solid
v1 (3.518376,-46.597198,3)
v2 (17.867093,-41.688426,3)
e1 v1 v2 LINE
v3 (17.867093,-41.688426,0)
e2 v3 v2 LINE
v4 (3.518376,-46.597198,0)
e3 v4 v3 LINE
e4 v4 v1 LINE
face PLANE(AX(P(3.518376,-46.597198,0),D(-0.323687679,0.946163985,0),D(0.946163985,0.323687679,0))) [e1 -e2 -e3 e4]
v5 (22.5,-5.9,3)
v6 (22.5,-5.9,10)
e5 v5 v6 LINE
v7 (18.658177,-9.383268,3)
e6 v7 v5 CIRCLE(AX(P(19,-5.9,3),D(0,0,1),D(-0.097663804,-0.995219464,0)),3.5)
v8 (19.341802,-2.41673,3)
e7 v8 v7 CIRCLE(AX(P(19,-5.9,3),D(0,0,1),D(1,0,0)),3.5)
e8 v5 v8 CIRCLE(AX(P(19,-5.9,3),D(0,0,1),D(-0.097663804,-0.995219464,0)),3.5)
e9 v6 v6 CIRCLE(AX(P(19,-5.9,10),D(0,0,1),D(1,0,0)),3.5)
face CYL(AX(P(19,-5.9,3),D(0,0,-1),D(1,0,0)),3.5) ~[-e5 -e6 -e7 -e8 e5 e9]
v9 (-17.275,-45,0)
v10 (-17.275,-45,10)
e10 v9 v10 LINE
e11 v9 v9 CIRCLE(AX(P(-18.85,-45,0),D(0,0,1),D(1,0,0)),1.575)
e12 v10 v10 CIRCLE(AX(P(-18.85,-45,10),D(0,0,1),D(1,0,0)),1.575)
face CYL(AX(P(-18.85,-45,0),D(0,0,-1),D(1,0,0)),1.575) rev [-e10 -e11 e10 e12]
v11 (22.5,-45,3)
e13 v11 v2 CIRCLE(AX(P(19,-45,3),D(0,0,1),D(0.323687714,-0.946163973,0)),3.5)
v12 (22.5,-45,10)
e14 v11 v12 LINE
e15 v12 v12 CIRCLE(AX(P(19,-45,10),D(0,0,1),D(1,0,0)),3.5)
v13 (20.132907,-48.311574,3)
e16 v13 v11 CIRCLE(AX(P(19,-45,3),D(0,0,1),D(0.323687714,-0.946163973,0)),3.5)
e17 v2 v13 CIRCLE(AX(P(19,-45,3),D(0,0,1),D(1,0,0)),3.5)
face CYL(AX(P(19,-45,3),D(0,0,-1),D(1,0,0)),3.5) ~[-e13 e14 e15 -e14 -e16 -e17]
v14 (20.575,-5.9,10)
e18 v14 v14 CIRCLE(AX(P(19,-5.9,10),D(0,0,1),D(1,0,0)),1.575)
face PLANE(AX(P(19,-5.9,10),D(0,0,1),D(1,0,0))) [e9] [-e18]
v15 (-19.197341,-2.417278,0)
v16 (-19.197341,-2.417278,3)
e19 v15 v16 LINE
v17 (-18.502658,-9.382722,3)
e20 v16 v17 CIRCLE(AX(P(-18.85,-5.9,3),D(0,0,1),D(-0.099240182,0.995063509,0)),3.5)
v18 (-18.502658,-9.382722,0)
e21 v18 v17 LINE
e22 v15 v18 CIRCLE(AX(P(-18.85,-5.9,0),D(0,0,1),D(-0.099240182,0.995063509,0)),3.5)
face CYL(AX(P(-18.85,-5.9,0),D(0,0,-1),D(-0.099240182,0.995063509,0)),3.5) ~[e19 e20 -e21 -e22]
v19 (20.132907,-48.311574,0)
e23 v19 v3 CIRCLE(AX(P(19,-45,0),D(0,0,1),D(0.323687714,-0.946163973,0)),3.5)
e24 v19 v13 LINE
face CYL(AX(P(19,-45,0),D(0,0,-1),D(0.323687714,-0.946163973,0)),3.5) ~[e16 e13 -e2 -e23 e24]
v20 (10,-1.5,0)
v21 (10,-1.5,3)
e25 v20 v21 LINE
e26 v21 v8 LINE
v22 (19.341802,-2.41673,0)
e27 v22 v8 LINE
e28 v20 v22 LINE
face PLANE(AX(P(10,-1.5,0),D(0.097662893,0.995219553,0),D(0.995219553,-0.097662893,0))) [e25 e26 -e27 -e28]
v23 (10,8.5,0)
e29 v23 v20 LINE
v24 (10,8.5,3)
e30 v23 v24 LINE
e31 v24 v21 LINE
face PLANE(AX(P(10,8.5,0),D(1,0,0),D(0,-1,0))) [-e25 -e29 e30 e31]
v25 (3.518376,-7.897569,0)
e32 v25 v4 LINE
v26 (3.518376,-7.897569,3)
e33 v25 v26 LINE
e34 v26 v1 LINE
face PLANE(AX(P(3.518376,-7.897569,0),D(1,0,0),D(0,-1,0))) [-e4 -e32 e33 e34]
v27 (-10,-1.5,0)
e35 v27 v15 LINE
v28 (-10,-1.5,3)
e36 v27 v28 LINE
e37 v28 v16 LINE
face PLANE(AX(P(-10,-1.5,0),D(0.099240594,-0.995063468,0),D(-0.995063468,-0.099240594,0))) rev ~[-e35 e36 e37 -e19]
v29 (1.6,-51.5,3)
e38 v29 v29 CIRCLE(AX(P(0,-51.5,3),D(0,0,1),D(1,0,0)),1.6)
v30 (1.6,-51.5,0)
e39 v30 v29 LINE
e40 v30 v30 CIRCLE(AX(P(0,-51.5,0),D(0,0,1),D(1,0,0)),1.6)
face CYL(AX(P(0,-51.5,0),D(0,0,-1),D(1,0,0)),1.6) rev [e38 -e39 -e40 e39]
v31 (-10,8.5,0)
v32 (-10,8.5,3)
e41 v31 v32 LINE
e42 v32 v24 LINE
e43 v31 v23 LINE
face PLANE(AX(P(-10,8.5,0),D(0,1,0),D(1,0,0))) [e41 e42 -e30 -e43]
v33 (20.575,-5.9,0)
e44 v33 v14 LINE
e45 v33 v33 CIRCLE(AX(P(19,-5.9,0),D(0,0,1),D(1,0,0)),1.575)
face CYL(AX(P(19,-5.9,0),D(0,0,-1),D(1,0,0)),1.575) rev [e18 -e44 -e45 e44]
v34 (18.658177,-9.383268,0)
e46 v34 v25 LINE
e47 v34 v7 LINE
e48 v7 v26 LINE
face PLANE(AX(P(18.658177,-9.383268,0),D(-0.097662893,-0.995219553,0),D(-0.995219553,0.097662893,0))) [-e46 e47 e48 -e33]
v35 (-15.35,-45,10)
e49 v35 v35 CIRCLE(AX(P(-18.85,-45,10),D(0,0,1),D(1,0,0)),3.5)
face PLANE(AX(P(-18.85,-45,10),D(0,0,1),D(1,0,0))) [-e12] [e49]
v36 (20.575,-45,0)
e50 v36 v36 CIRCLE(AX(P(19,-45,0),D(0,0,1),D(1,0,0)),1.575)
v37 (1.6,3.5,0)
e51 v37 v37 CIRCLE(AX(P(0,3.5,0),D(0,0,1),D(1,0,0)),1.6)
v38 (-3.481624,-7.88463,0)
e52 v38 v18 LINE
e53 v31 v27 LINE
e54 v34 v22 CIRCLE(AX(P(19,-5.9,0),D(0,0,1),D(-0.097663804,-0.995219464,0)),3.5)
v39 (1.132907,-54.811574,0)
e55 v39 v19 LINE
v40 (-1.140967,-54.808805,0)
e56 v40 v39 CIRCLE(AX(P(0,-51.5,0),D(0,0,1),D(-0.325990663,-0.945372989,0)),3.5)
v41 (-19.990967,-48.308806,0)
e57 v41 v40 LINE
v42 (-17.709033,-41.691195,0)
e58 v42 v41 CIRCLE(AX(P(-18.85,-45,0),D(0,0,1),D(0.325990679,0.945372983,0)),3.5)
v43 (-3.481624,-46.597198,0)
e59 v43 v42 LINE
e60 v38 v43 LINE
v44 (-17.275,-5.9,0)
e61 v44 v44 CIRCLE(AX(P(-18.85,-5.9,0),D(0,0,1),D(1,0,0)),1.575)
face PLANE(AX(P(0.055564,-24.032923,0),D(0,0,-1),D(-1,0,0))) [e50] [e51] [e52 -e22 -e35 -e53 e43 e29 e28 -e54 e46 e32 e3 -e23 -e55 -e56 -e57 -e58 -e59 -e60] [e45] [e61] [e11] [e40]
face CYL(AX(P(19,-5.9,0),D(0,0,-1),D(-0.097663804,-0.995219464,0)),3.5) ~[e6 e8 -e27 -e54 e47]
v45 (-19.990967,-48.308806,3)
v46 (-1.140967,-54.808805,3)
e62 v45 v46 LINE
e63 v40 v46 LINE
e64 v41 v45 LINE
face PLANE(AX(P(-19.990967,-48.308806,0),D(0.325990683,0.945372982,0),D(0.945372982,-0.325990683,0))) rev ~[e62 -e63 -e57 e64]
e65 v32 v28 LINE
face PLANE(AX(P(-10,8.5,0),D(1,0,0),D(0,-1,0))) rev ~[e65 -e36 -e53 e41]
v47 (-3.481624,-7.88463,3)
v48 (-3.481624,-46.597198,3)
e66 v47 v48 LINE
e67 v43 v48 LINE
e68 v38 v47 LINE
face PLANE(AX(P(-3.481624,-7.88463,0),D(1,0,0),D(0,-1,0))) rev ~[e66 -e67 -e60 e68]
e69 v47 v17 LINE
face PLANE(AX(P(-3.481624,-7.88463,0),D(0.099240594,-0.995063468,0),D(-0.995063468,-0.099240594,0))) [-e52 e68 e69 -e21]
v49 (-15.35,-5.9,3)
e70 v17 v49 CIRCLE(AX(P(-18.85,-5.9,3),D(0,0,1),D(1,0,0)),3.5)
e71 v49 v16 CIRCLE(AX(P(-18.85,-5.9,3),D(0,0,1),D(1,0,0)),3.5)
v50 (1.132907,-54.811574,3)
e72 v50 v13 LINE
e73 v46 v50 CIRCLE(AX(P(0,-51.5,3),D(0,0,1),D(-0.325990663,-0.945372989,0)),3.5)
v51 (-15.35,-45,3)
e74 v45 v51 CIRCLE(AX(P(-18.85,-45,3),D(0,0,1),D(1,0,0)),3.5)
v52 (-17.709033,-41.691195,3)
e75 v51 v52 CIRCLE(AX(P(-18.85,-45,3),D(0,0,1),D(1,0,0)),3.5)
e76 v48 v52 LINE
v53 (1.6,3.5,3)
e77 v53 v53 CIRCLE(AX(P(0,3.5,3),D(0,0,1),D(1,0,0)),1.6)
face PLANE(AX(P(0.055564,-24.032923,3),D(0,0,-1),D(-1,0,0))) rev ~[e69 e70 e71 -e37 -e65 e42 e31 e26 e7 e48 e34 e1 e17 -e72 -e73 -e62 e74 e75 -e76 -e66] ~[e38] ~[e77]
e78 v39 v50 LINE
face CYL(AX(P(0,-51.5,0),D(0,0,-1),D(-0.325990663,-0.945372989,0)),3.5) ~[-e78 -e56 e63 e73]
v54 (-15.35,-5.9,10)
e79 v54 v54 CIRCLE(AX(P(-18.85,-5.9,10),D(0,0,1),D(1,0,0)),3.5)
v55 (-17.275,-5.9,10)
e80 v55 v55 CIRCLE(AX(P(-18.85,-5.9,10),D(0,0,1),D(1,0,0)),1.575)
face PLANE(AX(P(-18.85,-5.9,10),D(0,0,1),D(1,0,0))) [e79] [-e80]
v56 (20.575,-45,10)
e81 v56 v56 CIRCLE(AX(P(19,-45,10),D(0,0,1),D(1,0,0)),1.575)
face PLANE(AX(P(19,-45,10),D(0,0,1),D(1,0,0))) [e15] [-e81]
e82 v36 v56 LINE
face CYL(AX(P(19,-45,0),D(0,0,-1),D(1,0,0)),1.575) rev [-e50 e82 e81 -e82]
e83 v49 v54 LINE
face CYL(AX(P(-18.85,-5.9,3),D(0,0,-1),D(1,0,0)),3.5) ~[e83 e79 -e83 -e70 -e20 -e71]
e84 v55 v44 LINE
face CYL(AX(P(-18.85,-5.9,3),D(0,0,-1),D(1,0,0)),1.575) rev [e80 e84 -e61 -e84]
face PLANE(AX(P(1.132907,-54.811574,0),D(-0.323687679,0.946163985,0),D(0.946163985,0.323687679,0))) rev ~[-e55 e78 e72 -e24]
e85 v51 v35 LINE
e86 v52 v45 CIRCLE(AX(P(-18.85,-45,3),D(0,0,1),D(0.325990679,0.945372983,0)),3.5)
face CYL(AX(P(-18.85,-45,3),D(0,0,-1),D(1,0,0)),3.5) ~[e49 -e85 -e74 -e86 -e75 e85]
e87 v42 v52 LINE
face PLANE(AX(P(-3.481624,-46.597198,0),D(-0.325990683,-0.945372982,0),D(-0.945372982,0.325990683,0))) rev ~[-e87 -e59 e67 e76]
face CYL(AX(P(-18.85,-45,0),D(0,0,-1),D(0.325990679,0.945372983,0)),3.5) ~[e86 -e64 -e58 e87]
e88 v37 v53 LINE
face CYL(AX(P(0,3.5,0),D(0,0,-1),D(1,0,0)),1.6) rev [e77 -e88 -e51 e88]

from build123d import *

# Parameters (mm, degrees)
SKETCH_R      = 1.575
SKETCH_R_2    = 1.6
PAD_DEPTH     = 3
SKETCH001_R   = 3.5
SKETCH001_R_2 = 1.575
PAD001_DEPTH  = 7


with BuildPart() as part:
    # Sketch → Pad (new body)
    with BuildSketch(Plane.XY):
        with BuildLine():
            Line((-10, 8.5), (10, 8.5))
            Line((10, 8.5), (10, -1.5))
            Line((10, -1.5), (19.3418018487, -2.4167297699))
            ThreePointArc((18.6581766844, -9.3832681236), (22.4832691769, -6.2418125822), (19.3418018487, -2.4167297699))
            Line((18.6581766844, -9.3832681236), (3.5183762437, -7.897569112))
            Line((3.5183762437, -7.897569112), (3.5183762437, -46.5971976167))
            Line((3.5183762437, -46.5971976167), (17.867093033, -41.6884260835))
            ThreePointArc((20.1329069981, -48.3115739058), (22.3115739111, -43.8670930175), (17.867093033, -41.6884260835))
            Line((1.1329067211, -54.8115740006), (20.1329069981, -48.3115739058))
            ThreePointArc((-1.1409673211, -54.80880546), (-0.0042613991, -54.9999974058), (1.1329067211, -54.8115740006))
            Line((-19.9909670183, -48.3088055644), (-1.1409673211, -54.80880546))
            ThreePointArc((-17.7090326253, -41.6911945585), (-22.158805503, -43.8590328035), (-19.9909670183, -48.3088055644))
            Line((-3.4816237563, -46.5971976167), (-17.7090326253, -41.6911945585))
            Line((-3.4816237563, -7.8846304044), (-3.4816237563, -46.5971976167))
            Line((-3.4816237563, -7.8846304044), (-18.5026576912, -9.3827221136))
            ThreePointArc((-19.1973406361, -2.4172777196), (-22.332722197, -6.2473414725), (-18.5026576912, -9.3827221136))
            Line((-10, -1.5), (-19.1973406361, -2.4172777196))
            Line((-10, 8.5), (-10, -1.5))
        make_face()
        with Locations((-18.85, -45)):
            Circle(SKETCH_R, mode=Mode.SUBTRACT)
        with Locations((19, -45)):
            Circle(SKETCH_R, mode=Mode.SUBTRACT)
        with Locations((0, -51.5)):
            Circle(SKETCH_R_2, mode=Mode.SUBTRACT)
        with Locations((0, 3.5)):
            Circle(SKETCH_R_2, mode=Mode.SUBTRACT)
        with Locations((-18.85, -5.9)):
            Circle(SKETCH_R, mode=Mode.SUBTRACT)
        with Locations((19, -5.9)):
            Circle(SKETCH_R, mode=Mode.SUBTRACT)
    extrude(amount=PAD_DEPTH)

    # Sketch001 → Pad001 (new body)
    with BuildSketch(Plane.XY.offset(3)):
        with Locations((-18.85, -5.9)):
            Circle(SKETCH001_R)
        with Locations((-18.85, -5.9)):
            Circle(SKETCH001_R_2, mode=Mode.SUBTRACT)
        with Locations((19, -5.9)):
            Circle(SKETCH001_R)
        with Locations((19, -5.9)):
            Circle(SKETCH001_R_2, mode=Mode.SUBTRACT)
        with Locations((19, -45)):
            Circle(SKETCH001_R)
        with Locations((19, -45)):
            Circle(SKETCH001_R_2, mode=Mode.SUBTRACT)
        with Locations((-18.85, -45)):
            Circle(SKETCH001_R)
        with Locations((-18.85, -45)):
            Circle(SKETCH001_R_2, mode=Mode.SUBTRACT)
    extrude(amount=PAD001_DEPTH)


solid = part.part
